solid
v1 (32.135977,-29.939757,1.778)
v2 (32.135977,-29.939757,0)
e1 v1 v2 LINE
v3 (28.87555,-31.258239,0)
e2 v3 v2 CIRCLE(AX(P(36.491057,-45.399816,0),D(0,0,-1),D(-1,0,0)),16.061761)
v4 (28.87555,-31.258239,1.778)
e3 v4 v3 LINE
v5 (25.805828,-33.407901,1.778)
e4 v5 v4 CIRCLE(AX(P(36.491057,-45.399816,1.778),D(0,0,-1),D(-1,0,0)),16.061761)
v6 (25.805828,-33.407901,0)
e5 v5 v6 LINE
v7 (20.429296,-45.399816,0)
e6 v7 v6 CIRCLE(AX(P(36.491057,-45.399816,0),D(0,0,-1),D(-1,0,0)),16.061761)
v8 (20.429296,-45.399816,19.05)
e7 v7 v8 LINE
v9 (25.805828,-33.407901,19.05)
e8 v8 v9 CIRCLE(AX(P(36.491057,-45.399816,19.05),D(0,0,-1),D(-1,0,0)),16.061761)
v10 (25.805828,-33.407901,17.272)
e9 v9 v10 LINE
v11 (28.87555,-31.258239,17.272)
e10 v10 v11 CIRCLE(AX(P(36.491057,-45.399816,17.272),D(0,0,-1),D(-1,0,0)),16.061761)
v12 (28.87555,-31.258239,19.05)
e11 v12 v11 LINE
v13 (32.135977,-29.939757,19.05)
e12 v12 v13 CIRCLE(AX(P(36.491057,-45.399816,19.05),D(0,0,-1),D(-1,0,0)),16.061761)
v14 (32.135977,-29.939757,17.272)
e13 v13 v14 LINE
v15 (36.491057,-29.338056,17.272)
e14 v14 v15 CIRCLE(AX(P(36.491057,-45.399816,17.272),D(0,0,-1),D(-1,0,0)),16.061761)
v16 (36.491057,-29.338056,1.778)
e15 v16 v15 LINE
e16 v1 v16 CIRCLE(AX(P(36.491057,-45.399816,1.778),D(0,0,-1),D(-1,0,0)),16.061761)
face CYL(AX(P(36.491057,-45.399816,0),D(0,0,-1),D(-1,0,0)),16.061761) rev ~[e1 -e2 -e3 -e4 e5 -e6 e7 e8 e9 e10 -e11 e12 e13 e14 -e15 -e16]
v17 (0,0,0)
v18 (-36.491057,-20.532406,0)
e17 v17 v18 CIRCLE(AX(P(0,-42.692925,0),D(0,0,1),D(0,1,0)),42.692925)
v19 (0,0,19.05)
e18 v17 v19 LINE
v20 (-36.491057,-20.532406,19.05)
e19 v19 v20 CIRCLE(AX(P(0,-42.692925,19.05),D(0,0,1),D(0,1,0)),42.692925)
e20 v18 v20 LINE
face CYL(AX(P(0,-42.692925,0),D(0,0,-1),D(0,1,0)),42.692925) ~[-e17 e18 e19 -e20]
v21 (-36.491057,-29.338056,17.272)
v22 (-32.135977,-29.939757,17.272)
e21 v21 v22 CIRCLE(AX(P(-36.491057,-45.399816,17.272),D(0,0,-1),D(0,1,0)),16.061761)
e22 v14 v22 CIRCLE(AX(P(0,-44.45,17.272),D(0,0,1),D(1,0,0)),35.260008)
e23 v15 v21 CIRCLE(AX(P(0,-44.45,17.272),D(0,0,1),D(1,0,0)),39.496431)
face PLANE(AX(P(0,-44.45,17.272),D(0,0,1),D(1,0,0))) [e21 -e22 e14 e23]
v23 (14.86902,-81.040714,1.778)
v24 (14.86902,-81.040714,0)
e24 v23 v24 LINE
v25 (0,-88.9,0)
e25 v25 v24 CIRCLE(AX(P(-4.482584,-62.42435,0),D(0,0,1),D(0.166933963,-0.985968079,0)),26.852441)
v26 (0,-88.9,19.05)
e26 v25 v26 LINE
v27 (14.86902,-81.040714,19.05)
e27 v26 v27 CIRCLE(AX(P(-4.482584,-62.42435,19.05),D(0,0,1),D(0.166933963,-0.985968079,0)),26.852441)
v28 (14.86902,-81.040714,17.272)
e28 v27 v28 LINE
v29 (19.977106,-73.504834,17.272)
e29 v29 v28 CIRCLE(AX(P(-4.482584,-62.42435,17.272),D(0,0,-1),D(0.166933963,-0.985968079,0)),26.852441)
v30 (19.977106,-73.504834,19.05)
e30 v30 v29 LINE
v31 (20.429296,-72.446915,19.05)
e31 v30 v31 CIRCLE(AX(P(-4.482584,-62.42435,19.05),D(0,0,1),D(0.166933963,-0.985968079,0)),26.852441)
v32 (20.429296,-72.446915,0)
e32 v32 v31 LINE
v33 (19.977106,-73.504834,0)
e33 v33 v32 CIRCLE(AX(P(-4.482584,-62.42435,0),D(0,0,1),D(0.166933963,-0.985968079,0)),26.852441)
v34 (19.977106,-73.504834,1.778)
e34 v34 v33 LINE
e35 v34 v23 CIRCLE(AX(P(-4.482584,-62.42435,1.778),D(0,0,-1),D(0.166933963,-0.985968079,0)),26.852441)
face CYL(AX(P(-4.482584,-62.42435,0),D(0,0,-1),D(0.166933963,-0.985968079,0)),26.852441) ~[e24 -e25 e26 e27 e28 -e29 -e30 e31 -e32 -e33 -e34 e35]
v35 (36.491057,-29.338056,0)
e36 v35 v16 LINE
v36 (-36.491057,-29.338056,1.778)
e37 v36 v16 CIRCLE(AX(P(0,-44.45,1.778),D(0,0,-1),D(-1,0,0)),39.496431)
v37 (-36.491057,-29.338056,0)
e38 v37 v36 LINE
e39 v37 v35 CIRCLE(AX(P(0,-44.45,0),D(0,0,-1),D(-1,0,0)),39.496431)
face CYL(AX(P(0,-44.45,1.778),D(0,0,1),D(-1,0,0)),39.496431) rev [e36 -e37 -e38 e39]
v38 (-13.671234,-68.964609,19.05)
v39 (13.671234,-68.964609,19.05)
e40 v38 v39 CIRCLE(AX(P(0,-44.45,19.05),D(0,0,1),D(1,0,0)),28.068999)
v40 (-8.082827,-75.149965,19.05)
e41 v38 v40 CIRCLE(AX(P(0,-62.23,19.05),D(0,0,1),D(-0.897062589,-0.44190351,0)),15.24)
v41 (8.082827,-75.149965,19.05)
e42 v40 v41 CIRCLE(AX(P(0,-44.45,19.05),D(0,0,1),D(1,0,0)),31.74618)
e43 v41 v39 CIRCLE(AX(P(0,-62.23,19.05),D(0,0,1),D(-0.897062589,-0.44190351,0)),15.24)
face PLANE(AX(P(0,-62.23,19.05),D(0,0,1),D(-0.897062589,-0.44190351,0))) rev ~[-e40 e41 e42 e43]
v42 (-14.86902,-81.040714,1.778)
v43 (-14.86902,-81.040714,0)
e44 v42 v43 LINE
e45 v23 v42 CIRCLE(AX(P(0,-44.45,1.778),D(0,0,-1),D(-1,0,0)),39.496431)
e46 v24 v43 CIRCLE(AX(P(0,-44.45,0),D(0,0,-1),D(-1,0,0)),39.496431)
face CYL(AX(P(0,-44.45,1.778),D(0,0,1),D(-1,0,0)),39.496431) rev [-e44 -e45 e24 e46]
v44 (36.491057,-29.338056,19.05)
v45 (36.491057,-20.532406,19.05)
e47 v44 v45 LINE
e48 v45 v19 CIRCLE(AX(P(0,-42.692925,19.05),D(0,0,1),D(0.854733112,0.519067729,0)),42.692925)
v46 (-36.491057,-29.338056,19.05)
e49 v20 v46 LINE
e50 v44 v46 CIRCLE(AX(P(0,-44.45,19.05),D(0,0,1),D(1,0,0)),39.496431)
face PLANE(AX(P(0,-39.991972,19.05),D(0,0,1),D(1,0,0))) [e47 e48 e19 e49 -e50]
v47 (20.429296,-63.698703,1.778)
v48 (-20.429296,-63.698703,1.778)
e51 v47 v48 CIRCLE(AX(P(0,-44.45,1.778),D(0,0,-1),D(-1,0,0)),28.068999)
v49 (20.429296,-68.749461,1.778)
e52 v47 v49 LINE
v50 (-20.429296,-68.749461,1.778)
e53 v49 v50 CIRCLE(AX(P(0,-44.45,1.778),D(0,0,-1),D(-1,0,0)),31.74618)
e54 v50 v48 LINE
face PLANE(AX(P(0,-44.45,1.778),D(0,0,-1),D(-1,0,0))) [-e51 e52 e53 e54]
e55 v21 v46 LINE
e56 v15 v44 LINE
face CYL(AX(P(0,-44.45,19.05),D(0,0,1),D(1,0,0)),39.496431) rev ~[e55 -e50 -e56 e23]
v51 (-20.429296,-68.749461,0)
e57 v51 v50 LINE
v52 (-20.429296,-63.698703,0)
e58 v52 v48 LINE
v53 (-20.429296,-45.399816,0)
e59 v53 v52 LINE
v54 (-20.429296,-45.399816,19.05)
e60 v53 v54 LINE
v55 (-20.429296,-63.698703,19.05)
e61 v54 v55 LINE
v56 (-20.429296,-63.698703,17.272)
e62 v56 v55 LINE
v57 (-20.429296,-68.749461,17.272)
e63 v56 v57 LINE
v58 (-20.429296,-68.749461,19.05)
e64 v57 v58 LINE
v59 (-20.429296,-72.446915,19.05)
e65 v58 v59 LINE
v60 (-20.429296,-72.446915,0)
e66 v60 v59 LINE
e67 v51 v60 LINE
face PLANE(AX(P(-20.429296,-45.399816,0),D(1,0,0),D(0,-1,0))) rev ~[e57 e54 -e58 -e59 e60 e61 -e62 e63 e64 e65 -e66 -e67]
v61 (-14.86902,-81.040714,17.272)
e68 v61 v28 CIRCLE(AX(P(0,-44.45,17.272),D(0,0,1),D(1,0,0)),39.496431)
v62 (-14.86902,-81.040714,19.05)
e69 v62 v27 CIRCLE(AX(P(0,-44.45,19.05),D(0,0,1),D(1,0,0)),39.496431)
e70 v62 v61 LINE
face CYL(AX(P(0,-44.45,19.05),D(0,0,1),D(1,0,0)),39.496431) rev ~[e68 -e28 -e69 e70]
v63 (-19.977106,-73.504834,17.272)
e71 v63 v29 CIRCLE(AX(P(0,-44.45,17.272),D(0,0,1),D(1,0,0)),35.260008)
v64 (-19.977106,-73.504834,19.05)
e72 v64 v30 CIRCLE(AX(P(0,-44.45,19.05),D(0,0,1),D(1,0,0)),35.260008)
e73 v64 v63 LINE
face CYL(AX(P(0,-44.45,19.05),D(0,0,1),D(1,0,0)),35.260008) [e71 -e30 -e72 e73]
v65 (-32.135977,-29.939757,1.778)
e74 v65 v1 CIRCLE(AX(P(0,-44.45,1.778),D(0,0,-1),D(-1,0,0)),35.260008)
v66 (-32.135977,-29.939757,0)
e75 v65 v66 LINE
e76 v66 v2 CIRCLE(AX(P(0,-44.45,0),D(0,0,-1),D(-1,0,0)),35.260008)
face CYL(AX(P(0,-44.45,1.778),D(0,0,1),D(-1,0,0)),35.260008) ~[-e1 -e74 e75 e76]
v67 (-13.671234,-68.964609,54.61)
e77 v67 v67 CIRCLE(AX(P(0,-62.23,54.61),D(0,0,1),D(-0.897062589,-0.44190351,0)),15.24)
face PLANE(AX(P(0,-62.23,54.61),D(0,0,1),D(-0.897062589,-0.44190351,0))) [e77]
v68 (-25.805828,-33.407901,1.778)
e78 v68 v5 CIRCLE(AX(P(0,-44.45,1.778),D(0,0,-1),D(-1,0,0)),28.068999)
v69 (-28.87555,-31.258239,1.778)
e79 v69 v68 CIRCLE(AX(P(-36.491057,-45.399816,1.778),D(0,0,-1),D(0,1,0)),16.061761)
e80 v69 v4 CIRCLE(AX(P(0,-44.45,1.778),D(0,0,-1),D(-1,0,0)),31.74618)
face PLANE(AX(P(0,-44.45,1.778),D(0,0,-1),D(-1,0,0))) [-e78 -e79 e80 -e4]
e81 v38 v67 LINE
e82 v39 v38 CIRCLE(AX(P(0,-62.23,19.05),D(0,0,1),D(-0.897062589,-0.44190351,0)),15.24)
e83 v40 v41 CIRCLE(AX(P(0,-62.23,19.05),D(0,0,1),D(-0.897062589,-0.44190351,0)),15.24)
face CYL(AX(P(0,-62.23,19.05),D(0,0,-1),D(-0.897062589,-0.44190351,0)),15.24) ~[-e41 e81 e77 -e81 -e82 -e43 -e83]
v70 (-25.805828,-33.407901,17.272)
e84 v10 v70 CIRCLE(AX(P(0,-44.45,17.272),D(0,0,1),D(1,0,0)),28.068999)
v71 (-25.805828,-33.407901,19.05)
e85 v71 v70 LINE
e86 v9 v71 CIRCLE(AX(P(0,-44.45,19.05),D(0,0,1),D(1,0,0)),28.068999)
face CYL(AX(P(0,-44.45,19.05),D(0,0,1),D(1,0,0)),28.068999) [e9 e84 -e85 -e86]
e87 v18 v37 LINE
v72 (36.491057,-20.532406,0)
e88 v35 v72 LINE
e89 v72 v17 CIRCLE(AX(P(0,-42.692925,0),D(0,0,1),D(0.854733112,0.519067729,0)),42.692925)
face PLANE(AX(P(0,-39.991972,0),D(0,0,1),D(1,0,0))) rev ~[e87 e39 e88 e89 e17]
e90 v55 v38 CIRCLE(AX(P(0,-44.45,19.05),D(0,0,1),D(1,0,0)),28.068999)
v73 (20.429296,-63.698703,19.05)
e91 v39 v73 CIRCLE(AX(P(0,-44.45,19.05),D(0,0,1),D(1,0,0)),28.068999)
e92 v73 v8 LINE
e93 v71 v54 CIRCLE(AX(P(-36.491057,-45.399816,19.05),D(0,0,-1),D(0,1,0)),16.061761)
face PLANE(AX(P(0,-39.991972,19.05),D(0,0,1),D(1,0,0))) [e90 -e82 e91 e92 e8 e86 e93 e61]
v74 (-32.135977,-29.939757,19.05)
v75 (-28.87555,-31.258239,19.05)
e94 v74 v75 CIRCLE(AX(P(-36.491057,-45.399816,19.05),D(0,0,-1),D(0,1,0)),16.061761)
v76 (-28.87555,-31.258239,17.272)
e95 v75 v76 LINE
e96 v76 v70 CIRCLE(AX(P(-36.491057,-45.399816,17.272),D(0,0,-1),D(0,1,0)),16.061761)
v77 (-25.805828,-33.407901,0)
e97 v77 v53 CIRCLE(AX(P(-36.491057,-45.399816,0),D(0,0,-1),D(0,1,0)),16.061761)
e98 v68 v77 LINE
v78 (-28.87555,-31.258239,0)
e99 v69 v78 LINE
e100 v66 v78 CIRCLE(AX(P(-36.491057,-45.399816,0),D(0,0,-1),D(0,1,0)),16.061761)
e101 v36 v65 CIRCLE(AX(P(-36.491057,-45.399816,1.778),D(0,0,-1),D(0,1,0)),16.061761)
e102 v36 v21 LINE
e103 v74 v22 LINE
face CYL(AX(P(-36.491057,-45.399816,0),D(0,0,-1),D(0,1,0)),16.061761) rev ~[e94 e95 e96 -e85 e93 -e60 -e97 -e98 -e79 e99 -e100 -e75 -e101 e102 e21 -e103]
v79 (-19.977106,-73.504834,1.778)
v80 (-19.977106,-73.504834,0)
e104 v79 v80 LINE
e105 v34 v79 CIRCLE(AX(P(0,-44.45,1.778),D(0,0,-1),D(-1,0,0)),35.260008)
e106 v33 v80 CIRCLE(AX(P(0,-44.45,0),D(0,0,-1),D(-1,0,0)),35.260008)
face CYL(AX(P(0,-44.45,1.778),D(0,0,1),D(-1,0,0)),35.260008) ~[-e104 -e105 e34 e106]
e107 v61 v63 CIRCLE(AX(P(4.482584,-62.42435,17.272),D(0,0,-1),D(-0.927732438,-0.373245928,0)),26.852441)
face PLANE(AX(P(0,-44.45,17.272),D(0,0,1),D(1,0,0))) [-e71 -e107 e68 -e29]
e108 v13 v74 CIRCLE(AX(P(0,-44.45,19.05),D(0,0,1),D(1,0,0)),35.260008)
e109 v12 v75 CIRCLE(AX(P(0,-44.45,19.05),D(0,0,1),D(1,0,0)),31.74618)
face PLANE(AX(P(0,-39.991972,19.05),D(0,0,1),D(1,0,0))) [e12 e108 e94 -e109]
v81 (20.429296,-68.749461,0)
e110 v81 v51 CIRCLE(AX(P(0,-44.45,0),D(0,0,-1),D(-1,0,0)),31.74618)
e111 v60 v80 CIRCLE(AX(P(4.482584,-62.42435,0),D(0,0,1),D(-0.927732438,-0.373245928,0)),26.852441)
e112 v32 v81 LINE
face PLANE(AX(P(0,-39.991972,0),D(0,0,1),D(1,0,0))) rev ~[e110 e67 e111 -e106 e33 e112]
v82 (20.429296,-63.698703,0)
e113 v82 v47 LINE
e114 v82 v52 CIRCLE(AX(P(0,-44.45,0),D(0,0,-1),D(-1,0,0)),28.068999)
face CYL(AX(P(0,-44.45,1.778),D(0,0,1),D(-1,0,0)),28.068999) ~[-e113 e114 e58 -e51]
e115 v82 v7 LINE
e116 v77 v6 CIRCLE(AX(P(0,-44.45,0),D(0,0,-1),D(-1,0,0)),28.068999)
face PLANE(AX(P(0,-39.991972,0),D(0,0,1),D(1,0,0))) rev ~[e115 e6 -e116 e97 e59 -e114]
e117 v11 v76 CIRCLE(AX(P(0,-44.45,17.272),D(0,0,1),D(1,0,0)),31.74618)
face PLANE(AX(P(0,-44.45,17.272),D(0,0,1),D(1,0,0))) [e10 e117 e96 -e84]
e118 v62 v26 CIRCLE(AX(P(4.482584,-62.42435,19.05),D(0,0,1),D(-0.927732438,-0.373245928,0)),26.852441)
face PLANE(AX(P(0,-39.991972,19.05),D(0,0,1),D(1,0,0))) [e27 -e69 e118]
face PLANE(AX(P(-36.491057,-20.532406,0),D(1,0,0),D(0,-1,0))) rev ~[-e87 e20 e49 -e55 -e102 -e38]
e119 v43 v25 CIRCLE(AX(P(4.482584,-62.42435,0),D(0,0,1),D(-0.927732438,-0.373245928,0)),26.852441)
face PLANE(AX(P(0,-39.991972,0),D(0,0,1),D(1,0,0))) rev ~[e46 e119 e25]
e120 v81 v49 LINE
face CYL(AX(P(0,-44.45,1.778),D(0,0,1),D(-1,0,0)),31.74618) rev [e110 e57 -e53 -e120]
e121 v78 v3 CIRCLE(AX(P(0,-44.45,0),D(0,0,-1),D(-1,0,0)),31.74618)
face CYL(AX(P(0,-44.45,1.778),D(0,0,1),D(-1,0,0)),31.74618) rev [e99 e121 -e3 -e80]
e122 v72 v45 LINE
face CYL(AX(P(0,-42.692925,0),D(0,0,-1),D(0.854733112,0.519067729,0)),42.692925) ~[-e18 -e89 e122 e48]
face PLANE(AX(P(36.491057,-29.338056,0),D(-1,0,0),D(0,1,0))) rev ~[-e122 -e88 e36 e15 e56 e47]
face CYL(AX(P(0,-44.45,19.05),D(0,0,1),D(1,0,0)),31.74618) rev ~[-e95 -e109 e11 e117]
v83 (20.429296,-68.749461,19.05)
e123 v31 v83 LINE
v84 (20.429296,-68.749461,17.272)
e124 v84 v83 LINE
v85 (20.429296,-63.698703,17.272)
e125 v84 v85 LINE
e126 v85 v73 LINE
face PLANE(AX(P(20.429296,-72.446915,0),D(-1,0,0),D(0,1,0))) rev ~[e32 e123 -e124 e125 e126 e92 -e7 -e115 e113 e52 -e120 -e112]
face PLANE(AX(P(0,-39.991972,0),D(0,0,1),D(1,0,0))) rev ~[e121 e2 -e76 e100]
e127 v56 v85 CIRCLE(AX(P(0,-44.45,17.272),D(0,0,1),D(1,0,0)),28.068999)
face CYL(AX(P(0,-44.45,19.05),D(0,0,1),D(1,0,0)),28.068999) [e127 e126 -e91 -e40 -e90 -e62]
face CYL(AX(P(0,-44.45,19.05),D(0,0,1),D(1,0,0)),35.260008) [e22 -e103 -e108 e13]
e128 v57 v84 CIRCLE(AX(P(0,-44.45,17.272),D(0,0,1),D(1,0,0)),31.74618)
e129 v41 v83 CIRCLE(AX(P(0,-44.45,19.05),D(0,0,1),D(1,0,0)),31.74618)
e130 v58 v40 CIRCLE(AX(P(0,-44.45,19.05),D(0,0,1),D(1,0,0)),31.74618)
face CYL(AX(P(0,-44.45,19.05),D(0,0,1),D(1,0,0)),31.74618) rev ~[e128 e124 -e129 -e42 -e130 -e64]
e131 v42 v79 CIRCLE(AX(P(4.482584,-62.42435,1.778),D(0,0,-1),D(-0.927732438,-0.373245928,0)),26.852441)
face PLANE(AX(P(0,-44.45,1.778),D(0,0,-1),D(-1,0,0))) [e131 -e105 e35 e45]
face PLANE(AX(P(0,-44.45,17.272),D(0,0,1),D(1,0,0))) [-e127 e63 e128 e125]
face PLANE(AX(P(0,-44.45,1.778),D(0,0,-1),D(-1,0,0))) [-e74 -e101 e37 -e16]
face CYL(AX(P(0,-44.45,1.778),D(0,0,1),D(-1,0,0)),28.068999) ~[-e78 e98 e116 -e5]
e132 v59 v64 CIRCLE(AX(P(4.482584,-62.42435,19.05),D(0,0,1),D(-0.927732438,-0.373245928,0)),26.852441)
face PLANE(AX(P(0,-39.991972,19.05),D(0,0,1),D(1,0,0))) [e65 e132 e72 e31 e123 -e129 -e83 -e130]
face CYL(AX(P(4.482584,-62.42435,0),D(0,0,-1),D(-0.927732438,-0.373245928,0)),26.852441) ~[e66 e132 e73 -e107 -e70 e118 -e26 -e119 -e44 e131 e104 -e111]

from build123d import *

# Parameters (mm, degrees)
BOSS_EXTRUDE2_DEPTH = 19.05
SKETCH3_R           = 39.496431486
SKETCH3_R_2         = 35.260007957
CUT_EXTRUDE2_DEPTH  = 1.778
SKETCH4_R           = 31.746180351
SKETCH4_R_2         = 28.068999156
CUT_EXTRUDE3_DEPTH  = 1.778
CUT_EXTRUDE4_START  = -1.778
SKETCH5_R           = 39.496431486
SKETCH5_R_2         = 35.260007957
CUT_EXTRUDE4_DEPTH  = 1.778
CUT_EXTRUDE5_START  = -1.778
SKETCH7_R           = 31.746180351
SKETCH7_R_2         = 28.068999156
CUT_EXTRUDE5_DEPTH  = 1.778
SKETCH8_R           = 15.24
BOSS_EXTRUDE3_DEPTH = 35.56


with BuildPart() as part:
    # Sketch2 → Boss-Extrude2 (new body)
    with BuildSketch(Plane.XY):
        with BuildLine():
            Line((20.429296249, -72.446914532), (20.429296249, -45.399816154))
            ThreePointArc((20.429296249, -45.399816154), (25.133677026, -34.04243628), (36.4910569, -29.338055504))
            Line((36.4910569, -29.338055504), (36.4910569, -20.532405534))
            ThreePointArc((36.4910569, -20.532405534), (20.935477727, -5.485511485), (0, 0))
            ThreePointArc((0, 0), (-20.935477727, -5.485511485), (-36.4910569, -20.532405534))
            Line((-36.4910569, -20.532405534), (-36.4910569, -29.338055504))
            ThreePointArc((-36.4910569, -29.338055504), (-25.133677026, -34.04243628), (-20.429296249, -45.399816154))
            Line((-20.429296249, -45.399816154), (-20.429296249, -72.446914532))
            ThreePointArc((-20.429296249, -72.446914532), (-12.360356233, -83.33771782), (0, -88.9))
            ThreePointArc((0, -88.9), (12.360356233, -83.33771782), (20.429296249, -72.446914532))
        make_face()
    extrude(amount=BOSS_EXTRUDE2_DEPTH)

    # Sketch3 → Cut-Extrude2 (cut)
    with BuildSketch(Plane.XY.offset(19.05)):
        with Locations((0, -44.45)):
            Circle(SKETCH3_R)
        with Locations((0, -44.45)):
            Circle(SKETCH3_R_2, mode=Mode.SUBTRACT)
    extrude(amount=-CUT_EXTRUDE2_DEPTH, mode=Mode.SUBTRACT)

    # Sketch4 → Cut-Extrude3 (cut)
    with BuildSketch(Plane.XY.offset(19.05)):
        with Locations((0, -44.45)):
            Circle(SKETCH4_R)
        with Locations((0, -44.45)):
            Circle(SKETCH4_R_2, mode=Mode.SUBTRACT)
    extrude(amount=-CUT_EXTRUDE3_DEPTH, mode=Mode.SUBTRACT)

    # Sketch5 → Cut-Extrude4 (cut)
    with BuildSketch(Plane(origin=(0, 0, 0), x_dir=(-1, 0, 0), z_dir=(0, 0, -1)).offset(CUT_EXTRUDE4_START)):
        with Locations((0, -44.45)):
            Circle(SKETCH5_R)
        with Locations((0, -44.45)):
            Circle(SKETCH5_R_2, mode=Mode.SUBTRACT)
    extrude(amount=CUT_EXTRUDE4_DEPTH, mode=Mode.SUBTRACT)

    # Sketch7 → Cut-Extrude5 (cut)
    with BuildSketch(Plane(origin=(0, 0, 0), x_dir=(-1, 0, 0), z_dir=(0, 0, -1)).offset(CUT_EXTRUDE5_START)):
        with Locations((0, -44.45)):
            Circle(SKETCH7_R)
        with Locations((0, -44.45)):
            Circle(SKETCH7_R_2, mode=Mode.SUBTRACT)
    extrude(amount=CUT_EXTRUDE5_DEPTH, mode=Mode.SUBTRACT)

    # Sketch8 → Boss-Extrude3 (add)
    with BuildSketch(Plane.XY.offset(19.05)):
        with Locations(Location((0, -62.23, 0), (0, 0, 206.225395775))):
            Circle(SKETCH8_R)
    extrude(amount=BOSS_EXTRUDE3_DEPTH)


solid = part.part
